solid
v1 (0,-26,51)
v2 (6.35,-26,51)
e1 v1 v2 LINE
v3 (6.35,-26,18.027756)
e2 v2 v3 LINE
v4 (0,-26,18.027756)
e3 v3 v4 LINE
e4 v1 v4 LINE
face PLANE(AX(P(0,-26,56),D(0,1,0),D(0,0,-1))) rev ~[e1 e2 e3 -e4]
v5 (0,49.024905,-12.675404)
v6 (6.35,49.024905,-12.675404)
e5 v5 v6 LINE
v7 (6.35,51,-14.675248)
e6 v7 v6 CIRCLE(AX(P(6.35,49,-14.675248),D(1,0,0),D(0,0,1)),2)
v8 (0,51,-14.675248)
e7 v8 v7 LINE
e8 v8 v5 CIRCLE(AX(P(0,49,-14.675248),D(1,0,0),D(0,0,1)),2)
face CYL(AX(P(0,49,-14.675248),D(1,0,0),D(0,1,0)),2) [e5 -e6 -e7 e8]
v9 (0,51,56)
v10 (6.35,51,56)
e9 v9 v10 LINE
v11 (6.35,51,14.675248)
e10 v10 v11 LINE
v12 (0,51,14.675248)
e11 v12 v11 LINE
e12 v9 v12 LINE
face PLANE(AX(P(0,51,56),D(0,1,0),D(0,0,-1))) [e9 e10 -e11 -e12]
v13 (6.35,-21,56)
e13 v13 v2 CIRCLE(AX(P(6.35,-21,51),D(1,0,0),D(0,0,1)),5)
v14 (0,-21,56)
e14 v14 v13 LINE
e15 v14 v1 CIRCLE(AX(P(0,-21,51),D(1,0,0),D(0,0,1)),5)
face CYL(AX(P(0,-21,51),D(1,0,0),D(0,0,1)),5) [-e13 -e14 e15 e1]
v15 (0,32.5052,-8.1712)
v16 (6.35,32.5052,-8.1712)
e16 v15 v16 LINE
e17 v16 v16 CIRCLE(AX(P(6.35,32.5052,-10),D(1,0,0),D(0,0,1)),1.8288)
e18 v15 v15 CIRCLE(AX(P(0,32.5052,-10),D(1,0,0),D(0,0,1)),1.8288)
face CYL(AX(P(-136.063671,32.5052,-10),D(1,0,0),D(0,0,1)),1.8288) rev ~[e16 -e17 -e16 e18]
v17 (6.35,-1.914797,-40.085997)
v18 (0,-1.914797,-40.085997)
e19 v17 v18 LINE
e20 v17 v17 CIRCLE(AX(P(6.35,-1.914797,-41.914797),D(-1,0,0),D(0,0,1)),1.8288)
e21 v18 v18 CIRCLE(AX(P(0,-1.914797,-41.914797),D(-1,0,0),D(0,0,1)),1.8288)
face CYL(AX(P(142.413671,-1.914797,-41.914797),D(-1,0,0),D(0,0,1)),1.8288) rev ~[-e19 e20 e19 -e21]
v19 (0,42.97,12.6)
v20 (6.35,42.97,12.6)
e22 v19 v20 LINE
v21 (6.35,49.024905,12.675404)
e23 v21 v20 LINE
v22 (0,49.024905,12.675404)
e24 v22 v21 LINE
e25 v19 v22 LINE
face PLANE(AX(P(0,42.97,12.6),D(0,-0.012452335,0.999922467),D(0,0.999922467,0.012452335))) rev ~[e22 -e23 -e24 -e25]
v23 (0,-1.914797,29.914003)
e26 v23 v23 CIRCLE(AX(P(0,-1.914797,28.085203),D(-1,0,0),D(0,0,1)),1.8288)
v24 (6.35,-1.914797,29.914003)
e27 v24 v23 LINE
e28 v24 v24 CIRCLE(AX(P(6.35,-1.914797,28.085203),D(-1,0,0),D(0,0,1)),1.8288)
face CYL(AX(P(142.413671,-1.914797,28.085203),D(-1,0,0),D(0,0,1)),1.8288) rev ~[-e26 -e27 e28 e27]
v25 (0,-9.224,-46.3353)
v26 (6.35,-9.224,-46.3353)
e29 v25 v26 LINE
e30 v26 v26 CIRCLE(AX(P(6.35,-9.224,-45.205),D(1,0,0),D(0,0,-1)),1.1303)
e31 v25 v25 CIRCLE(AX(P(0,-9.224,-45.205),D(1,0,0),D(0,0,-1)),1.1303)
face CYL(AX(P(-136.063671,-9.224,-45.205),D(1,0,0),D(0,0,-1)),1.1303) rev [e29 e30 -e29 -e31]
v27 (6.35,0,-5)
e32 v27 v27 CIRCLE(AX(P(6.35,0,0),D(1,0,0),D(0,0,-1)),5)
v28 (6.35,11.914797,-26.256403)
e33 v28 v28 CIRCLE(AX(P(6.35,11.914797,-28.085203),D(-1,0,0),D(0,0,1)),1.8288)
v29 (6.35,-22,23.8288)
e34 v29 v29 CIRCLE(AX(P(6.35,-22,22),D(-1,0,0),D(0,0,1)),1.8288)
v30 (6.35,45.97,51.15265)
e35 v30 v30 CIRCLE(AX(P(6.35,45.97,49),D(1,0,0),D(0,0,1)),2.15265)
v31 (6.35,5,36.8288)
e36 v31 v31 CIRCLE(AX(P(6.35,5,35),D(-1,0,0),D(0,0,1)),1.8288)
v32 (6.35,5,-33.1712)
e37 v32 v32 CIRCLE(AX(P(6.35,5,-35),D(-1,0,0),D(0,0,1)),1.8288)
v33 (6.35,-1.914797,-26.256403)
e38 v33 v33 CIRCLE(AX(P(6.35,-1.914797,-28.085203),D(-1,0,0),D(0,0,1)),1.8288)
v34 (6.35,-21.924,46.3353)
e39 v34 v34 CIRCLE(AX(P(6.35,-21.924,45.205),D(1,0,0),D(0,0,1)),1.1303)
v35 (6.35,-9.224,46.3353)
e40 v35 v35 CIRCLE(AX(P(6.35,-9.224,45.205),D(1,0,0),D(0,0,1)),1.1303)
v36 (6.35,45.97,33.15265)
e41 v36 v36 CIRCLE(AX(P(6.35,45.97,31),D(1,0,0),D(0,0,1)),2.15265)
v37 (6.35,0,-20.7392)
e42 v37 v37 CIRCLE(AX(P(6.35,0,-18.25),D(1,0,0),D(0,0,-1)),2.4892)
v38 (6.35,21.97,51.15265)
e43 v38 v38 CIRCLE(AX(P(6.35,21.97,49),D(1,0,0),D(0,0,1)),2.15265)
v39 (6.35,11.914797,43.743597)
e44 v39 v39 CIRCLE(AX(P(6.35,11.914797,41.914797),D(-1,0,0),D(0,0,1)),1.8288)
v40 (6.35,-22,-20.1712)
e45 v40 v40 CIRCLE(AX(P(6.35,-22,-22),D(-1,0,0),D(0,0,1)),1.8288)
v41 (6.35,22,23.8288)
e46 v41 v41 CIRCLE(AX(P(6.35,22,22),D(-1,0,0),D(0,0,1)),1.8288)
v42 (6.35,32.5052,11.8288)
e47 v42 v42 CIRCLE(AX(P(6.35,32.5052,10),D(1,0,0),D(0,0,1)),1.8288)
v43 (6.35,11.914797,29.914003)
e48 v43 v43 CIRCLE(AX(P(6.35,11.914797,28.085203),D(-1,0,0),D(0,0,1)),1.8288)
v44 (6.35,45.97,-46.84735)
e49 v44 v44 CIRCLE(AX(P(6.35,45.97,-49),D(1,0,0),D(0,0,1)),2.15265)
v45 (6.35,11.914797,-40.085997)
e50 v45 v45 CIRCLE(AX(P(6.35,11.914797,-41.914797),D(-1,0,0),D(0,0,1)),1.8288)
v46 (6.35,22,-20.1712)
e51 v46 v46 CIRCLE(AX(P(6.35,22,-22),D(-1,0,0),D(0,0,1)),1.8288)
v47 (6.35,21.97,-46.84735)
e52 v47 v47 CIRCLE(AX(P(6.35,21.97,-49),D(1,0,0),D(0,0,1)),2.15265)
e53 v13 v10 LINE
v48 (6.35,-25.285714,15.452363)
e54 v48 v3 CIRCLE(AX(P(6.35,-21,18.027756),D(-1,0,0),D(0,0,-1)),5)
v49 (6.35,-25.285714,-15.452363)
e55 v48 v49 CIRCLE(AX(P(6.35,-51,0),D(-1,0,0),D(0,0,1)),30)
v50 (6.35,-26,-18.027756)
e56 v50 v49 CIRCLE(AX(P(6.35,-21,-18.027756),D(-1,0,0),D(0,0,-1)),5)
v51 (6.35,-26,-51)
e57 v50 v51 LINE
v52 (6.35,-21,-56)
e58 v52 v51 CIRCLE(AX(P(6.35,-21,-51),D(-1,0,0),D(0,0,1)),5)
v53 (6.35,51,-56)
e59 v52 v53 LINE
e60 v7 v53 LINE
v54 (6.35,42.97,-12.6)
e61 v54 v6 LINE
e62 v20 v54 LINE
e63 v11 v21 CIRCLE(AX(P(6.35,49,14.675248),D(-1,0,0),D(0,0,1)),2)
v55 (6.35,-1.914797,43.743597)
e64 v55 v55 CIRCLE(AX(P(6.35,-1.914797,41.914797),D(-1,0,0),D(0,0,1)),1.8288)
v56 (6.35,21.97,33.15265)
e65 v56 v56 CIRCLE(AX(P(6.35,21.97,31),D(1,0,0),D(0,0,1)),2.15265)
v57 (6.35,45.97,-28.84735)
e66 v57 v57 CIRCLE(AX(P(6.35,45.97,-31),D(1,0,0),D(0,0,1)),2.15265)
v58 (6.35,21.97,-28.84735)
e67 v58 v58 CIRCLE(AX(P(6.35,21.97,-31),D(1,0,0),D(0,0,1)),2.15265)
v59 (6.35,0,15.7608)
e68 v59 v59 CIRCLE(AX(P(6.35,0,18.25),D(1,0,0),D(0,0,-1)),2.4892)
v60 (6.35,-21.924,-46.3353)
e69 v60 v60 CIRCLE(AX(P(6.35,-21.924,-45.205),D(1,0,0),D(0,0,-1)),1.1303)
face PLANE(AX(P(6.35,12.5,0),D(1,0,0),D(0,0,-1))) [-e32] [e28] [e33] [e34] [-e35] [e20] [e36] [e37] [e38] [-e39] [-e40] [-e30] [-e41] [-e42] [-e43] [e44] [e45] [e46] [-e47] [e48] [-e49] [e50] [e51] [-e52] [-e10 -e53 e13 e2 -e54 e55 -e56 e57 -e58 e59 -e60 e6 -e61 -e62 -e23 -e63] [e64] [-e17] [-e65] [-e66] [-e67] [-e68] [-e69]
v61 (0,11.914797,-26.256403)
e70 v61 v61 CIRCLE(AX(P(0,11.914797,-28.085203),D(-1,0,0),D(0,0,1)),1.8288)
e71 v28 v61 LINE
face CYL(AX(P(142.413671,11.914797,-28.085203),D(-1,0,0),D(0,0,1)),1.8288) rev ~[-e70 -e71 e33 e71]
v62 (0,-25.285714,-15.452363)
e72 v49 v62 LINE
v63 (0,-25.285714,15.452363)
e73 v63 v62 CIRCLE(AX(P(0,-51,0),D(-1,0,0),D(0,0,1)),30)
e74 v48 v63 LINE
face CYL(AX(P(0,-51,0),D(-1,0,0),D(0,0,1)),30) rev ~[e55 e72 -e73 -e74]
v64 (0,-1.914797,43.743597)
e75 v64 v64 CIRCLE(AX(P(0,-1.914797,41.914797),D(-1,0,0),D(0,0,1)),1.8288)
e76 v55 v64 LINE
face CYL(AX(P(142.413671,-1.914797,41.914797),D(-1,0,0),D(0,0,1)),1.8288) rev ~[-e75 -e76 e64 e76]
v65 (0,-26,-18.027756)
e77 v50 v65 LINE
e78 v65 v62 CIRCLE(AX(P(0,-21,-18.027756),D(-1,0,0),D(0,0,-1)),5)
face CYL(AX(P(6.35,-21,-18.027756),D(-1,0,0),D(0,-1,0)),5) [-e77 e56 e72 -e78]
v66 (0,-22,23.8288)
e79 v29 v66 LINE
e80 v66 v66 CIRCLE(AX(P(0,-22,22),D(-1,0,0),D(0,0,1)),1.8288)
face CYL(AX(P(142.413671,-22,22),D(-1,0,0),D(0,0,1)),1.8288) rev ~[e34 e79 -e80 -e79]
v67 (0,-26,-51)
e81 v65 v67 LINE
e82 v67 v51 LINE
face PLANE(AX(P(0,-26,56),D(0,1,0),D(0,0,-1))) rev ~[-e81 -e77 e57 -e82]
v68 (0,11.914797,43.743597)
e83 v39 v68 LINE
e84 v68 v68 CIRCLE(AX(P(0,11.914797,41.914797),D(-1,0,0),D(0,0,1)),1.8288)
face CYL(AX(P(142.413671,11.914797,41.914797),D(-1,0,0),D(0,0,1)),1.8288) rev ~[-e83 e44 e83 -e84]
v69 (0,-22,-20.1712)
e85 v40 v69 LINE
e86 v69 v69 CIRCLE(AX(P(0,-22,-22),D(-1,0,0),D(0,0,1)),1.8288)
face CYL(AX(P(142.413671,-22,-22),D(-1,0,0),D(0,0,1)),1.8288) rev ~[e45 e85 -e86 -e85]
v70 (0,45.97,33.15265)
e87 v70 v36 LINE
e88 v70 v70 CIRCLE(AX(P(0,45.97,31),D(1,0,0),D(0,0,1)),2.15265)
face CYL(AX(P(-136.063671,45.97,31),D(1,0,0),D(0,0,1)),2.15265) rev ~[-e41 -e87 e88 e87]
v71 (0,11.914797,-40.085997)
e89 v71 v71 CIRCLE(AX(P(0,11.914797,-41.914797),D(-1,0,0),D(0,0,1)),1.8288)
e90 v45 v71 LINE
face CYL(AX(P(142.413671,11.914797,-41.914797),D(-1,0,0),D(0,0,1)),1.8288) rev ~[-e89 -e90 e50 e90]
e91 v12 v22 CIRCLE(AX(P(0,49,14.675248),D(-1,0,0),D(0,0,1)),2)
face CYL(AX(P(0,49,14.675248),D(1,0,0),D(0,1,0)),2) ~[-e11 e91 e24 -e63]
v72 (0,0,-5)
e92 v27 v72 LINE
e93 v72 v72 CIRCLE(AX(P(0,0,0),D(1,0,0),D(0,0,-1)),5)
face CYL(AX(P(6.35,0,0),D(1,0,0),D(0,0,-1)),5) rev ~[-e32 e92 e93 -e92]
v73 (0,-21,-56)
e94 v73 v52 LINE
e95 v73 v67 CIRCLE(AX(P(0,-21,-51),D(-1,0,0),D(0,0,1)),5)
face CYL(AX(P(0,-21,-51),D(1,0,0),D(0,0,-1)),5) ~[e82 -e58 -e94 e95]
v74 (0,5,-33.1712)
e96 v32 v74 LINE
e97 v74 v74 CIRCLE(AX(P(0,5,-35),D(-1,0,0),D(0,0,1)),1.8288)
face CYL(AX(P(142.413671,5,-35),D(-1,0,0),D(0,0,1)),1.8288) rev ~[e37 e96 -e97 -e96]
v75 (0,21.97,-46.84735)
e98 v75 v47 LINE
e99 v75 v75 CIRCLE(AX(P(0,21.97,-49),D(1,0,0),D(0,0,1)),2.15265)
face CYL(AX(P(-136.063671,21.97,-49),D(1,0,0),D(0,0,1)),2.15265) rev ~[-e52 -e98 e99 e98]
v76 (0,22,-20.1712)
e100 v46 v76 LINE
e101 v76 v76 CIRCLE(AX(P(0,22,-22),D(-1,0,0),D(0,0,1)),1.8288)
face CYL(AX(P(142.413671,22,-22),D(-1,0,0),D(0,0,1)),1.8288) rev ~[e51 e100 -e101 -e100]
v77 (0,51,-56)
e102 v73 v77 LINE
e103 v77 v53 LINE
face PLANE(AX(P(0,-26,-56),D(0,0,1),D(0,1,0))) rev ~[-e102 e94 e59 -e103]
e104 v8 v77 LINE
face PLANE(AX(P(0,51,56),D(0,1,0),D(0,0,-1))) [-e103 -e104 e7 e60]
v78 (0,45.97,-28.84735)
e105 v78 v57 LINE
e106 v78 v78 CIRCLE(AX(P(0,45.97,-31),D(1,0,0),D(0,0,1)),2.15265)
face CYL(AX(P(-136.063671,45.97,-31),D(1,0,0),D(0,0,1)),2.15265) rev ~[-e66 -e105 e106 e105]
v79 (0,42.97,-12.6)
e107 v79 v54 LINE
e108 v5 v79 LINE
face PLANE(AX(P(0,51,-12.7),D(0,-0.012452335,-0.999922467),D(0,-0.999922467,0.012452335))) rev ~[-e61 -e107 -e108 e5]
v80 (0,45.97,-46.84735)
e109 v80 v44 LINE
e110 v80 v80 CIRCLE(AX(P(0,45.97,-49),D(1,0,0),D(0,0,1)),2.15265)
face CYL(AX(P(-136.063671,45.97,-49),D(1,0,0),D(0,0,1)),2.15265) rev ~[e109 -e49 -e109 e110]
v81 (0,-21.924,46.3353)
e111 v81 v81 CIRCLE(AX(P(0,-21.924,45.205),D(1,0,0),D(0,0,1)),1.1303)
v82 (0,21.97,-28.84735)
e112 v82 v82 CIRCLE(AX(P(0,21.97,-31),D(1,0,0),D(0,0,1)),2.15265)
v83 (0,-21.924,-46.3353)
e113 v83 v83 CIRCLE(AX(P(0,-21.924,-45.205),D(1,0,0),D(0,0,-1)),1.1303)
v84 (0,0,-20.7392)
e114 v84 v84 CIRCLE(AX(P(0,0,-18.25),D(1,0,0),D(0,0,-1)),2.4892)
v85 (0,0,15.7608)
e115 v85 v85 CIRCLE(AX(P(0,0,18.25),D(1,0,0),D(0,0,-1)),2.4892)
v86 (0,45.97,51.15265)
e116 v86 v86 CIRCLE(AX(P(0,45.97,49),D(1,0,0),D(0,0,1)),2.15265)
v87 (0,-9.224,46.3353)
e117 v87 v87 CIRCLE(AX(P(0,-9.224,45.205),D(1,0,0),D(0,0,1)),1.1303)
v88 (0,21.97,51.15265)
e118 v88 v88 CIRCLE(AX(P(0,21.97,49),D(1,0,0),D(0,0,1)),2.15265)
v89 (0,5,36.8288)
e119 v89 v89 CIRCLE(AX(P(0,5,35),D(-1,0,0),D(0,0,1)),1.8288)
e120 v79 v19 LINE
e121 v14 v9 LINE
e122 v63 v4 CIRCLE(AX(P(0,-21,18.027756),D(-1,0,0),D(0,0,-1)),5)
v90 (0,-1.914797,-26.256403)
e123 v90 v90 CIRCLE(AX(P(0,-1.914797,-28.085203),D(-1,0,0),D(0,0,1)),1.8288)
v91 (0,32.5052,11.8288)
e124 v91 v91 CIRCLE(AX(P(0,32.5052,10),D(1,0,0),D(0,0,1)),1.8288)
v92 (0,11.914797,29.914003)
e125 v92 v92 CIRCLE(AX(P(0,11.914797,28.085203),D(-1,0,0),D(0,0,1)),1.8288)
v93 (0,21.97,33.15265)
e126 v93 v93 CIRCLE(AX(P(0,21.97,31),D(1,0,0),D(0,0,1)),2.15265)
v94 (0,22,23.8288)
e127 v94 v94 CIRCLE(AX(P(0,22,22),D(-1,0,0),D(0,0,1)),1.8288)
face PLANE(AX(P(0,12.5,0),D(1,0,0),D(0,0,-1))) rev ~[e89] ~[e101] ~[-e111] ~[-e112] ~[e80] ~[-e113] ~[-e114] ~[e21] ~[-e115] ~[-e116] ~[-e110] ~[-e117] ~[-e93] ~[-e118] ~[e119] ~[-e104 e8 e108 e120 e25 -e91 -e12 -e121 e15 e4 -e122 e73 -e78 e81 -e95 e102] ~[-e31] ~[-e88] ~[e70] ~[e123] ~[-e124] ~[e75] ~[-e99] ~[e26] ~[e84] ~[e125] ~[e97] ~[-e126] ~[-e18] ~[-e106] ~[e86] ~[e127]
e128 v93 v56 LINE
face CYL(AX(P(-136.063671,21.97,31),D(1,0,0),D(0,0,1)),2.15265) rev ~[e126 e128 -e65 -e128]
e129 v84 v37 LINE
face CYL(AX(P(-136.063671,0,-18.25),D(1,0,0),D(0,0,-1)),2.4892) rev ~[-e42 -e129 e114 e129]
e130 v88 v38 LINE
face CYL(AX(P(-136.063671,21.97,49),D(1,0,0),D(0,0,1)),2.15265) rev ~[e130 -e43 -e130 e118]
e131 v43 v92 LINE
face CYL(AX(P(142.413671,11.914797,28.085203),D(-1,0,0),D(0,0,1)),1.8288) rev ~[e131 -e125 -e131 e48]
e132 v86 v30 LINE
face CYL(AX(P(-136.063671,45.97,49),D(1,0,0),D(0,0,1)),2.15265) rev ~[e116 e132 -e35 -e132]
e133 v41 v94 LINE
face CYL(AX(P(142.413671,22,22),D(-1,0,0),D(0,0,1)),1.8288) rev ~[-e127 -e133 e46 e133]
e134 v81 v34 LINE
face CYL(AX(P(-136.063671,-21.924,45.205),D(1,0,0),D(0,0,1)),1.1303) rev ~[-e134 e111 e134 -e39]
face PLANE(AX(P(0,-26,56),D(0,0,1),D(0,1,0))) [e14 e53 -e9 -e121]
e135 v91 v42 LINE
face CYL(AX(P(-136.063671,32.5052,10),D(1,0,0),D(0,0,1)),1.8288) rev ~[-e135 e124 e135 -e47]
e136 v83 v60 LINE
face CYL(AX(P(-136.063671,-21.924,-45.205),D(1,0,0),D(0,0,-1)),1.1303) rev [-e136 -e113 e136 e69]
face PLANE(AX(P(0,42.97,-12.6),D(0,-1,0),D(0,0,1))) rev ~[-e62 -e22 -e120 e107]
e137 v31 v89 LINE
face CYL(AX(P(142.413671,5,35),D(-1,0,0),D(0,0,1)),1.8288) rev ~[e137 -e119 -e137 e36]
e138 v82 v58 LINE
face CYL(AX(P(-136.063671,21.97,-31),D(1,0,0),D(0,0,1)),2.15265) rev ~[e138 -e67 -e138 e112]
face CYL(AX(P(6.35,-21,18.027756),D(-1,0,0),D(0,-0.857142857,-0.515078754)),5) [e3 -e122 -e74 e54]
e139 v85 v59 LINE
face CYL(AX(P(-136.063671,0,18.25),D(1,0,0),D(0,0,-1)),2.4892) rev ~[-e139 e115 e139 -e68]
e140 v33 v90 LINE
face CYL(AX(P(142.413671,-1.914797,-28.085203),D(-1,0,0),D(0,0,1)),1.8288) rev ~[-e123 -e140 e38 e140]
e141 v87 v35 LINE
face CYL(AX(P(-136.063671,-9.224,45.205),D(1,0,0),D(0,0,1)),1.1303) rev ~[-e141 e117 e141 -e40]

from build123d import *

# Parameters (mm, degrees)
SKETCH1_W                 = 112
SKETCH1_H                 = 77
BOSS_EXTRUDE1_DEPTH       = 6.35
F_6_CLEARANCE_HOLE1_D     = 3.6576
SKETCH5_R                 = 5
CUT_EXTRUDE1_DEPTH        = 7.35
F_6_CLEARANCE_HOLE2_D     = 3.6576
F_10_CLEARANCE_HOLE1_D    = 4.9784
F_8_CLEARANCE_HOLE2_D     = 4.3053
CUT_EXTRUDE2_DEPTH        = 7.35
F_6_CLEARANCE_HOLE3_D     = 3.6576
FILLET2_R                 = 2
SKETCH25_R                = 30
CUT_EXTRUDE3_DEPTH        = 7.35
FILLET1_R                 = 5
TAP_DRILL_FOR_4_40_TAP1_D = 2.2606


with BuildPart() as part:
    # Sketch1 → Boss-Extrude1 (new body)
    with BuildSketch(Plane(origin=(0, 0, 0), x_dir=(0, 0, -1), z_dir=(1, 0, 0))):
        with Locations((0, 12.5)):
            Rectangle(SKETCH1_W, SKETCH1_H)
    extrude(amount=BOSS_EXTRUDE1_DEPTH)

    # #6 Clearance Hole1 (through all)
    with Locations(Plane(origin=(6.35, 0, 0), x_dir=(0, 0, -1), z_dir=(1, 0, 0))):
        with Locations((-22, 22), (22, 22), (22, -22), (-22, -22)):
            Hole(F_6_CLEARANCE_HOLE1_D / 2)

    # Sketch5 → Cut-Extrude1 (cut, through all)
    with BuildSketch(Plane(origin=(6.35, 0, 0), x_dir=(0, 0, -1), z_dir=(1, 0, 0))):
        Circle(SKETCH5_R)
    extrude(amount=-CUT_EXTRUDE1_DEPTH, mode=Mode.SUBTRACT)

    # #6 Clearance Hole2 (through all)
    with Locations(Plane(origin=(6.35, 0, 0), x_dir=(0, 0, -1), z_dir=(1, 0, 0))):
        with Locations((-41.914797213, 11.914797213), (-28.085202787, 11.914797213), (-28.085202787, -1.914797213), (-41.914797213, -1.914797213), (28.085202787, 11.914797213), (28.085202787, -1.914797213), (41.914797213, -1.914797213), (41.914797213, 11.914797213), (-35, 5), (35, 5)):
            Hole(F_6_CLEARANCE_HOLE2_D / 2)

    # #10 Clearance Hole1 (through all)
    with Locations(Plane.ZY):
        with Locations((18.25, 0), (-18.25, 0)):
            Hole(F_10_CLEARANCE_HOLE1_D / 2)

    # #8 Clearance Hole2 (through all)
    with Locations(Plane(origin=(0, 45.97, 49), x_dir=(0, 0, -1), z_dir=(-1, 0, 0))):
        with Locations((0, 0), (18, 0), (18, 24), (0, 24), (80, 0), (80, 24), (98, 24), (98, 0)):
            Hole(F_8_CLEARANCE_HOLE2_D / 2)

    # Sketch22 → Cut-Extrude2 (cut, through all)
    with BuildSketch(Plane.ZY):
        Polygon((12.7, 51), (-12.7, 51), (-12.6, 42.97), (12.6, 42.97), align=None)
    extrude(amount=-CUT_EXTRUDE2_DEPTH, mode=Mode.SUBTRACT)

    # #6 Clearance Hole3 (through all)
    with Locations(Plane(origin=(0, 32.5052, 10), x_dir=(0, 0, -1), z_dir=(-1, 0, 0))):
        with Locations((0, 0), (20, 0)):
            Hole(F_6_CLEARANCE_HOLE3_D / 2)

    # Fillet2
    fillet2_edges = [part.edges().sort_by_distance(p)[0] for p in [
        (3.175, 51, 12.7),
        (3.175, 51, -12.7),
    ]]
    fillet(fillet2_edges, radius=FILLET2_R)

    # Sketch25 → Cut-Extrude3 (cut, through all)
    with BuildSketch(Plane.ZY):
        with Locations((0, -51)):
            Circle(SKETCH25_R)
    extrude(amount=-CUT_EXTRUDE3_DEPTH, mode=Mode.SUBTRACT)

    # Fillet1
    fillet1_edges = [part.edges().sort_by_distance(p)[0] for p in [
        (3.175, -26, -16.583123952),
        (3.175, -26, 16.583123952),
        (3.175, -26, -56),
        (3.175, -26, 56),
    ]]
    fillet(fillet1_edges, radius=FILLET1_R)

    # Tap Drill for #4-40 Tap1 (through all)
    with Locations(Plane(origin=(0, -21.924, 45.205), x_dir=(0, 0, -1), z_dir=(-1, 0, 0))):
        with Locations((0, 0), (0, -12.7)):
            tap_drill_for_4_40_tap1 = Hole(TAP_DRILL_FOR_4_40_TAP1_D / 2)

    # Mirror1: Tap Drill for #4-40 Tap1 across plane
    add(tap_drill_for_4_40_tap1.mirror(Plane.XY), mode=Mode.SUBTRACT)


solid = part.part
